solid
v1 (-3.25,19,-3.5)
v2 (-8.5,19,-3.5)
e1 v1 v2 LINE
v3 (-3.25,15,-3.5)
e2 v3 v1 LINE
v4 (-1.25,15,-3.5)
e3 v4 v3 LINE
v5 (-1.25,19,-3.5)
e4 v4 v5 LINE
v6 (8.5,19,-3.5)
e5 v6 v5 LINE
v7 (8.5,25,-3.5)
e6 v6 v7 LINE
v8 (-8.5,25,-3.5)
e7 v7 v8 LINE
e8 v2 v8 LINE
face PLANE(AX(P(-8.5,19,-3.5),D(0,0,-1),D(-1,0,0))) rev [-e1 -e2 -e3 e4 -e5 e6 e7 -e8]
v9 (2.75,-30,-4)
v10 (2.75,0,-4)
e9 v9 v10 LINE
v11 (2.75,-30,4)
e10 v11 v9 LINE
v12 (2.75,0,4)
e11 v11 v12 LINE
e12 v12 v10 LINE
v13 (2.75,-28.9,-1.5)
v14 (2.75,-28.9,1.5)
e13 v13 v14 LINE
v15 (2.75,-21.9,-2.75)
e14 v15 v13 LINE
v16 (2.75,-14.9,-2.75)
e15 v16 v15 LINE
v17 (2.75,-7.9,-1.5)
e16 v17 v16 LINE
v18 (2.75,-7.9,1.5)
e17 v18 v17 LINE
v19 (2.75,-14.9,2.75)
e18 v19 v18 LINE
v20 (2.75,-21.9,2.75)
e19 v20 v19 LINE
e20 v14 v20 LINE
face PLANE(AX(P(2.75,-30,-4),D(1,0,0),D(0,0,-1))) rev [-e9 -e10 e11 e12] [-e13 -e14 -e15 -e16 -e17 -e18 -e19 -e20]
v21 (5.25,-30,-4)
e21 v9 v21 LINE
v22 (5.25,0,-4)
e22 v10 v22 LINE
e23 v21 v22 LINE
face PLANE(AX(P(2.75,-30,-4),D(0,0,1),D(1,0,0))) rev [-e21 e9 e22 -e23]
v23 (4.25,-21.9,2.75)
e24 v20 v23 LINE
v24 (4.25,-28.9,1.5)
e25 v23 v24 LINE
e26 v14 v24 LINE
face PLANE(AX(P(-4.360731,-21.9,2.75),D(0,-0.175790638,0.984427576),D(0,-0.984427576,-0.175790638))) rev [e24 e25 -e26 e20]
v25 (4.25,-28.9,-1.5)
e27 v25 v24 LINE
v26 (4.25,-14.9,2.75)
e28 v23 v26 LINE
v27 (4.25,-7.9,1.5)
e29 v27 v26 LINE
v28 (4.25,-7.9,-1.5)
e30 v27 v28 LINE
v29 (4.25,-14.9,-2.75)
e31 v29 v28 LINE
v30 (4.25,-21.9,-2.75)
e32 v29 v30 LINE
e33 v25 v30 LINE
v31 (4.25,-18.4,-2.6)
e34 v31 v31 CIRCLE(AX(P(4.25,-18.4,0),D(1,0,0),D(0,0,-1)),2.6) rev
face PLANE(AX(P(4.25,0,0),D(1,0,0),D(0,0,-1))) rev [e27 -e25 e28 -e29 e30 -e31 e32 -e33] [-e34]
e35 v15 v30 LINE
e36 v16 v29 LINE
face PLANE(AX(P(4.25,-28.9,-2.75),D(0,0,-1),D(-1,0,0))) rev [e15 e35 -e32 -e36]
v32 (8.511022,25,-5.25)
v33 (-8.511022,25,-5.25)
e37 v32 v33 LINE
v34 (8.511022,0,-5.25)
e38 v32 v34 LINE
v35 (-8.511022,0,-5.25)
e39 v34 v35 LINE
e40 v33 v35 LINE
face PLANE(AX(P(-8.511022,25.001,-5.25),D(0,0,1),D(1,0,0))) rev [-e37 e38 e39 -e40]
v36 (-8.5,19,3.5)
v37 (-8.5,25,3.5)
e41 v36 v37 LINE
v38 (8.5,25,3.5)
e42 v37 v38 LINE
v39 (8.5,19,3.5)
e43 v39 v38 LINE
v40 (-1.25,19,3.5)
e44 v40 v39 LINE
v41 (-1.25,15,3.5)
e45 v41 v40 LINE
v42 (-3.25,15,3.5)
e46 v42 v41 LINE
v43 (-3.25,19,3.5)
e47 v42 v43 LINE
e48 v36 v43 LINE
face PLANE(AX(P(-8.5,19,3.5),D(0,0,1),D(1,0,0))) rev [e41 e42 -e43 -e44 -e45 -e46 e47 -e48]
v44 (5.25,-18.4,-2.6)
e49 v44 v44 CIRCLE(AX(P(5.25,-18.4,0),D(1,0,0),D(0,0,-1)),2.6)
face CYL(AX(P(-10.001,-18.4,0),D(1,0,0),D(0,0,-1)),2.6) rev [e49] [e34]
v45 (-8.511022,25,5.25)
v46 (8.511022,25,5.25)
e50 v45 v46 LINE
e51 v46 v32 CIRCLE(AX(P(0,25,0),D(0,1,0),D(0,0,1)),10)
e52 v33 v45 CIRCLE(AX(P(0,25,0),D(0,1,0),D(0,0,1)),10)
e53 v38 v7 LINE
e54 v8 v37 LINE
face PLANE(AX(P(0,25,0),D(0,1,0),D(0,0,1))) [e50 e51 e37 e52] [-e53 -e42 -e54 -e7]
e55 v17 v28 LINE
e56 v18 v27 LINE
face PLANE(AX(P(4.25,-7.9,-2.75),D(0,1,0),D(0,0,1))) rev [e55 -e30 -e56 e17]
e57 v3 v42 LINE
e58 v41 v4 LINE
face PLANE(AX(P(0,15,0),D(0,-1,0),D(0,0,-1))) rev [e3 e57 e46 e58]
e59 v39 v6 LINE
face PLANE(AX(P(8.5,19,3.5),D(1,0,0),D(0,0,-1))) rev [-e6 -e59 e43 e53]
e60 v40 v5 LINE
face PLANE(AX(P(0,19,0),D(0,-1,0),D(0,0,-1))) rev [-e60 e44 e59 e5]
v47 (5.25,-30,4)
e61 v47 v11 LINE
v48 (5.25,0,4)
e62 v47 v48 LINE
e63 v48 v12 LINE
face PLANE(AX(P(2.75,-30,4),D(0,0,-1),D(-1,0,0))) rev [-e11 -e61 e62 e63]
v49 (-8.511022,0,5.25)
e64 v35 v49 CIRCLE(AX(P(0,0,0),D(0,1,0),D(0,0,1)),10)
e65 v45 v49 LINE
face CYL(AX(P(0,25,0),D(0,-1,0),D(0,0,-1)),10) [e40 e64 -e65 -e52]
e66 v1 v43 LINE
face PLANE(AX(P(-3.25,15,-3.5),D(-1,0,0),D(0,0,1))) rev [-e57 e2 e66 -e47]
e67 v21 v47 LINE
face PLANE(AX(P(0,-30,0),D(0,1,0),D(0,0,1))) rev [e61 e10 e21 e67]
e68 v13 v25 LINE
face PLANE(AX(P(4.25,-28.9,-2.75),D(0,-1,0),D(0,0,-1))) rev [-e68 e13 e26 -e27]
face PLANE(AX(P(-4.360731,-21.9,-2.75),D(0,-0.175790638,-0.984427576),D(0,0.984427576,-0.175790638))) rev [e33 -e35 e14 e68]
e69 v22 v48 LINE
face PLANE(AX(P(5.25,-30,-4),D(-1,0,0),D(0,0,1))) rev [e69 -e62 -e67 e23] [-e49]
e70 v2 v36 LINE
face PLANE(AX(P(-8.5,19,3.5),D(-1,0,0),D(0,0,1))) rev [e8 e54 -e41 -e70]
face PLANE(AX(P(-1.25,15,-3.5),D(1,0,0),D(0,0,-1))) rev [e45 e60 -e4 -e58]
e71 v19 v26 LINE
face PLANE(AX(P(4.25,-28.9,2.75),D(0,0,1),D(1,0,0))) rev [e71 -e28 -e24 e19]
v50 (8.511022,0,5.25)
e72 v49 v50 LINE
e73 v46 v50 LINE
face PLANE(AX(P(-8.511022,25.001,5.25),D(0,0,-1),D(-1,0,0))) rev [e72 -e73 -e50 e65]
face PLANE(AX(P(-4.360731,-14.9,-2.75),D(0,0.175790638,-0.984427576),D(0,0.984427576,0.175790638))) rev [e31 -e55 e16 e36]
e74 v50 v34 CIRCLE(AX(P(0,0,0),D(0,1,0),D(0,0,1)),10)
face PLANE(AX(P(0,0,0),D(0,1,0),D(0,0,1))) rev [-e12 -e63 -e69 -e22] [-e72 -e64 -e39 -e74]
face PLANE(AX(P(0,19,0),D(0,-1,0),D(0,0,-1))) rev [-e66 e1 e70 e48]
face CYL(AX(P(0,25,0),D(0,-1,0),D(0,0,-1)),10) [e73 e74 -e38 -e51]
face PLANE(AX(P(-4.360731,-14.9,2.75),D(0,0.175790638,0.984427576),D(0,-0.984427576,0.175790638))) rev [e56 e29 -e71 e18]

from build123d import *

# Parameters (mm, degrees)
SKETCH3_R           = 10
BOSS_EXTRUDE1_DEPTH = 25
SKETCH4_W           = 2.5
SKETCH4_H           = 8
BOSS_EXTRUDE2_DEPTH = 30
CUT_EXTRUDE1_REACH  = 37.108
SKETCH5_R           = 2.6
SKETCH6_W           = 5.5
SKETCH6_H           = 21
CUT_EXTRUDE2_DEPTH  = 1.5
SKETCH7_W           = 17
SKETCH7_H           = 7
CUT_EXTRUDE3_DEPTH  = 6
SKETCH8_W           = 2
SKETCH8_H           = 7
CUT_EXTRUDE4_DEPTH  = 4
BOSS_EXTRUDE3_DEPTH = 1.5
CUT_EXTRUDE5_REACH  = 35.166


with BuildPart() as part:
    # Sketch3 → Boss-Extrude1 (new body)
    with BuildSketch(Plane(origin=(0, 0, 0), x_dir=(1, 0, 0), z_dir=(0, 1, 0))):
        with Locations(Location((0, 0, 0), (0, 0, 270))):
            Circle(SKETCH3_R)
    extrude(amount=BOSS_EXTRUDE1_DEPTH)

    # Sketch4 → Boss-Extrude2 (add)
    with BuildSketch(Plane(origin=(0, 0, 0), x_dir=(-1, 0, 0), z_dir=(0, -1, 0))):
        with Locations((-4, 0)):
            Rectangle(SKETCH4_W, SKETCH4_H)
    extrude(amount=BOSS_EXTRUDE2_DEPTH)

    # Sketch5 → Cut-Extrude1 (cut, up to next)
    with BuildSketch(Plane(origin=(5.25, 0, 0), x_dir=(0, 0, -1), z_dir=(1, 0, 0)), mode=Mode.PRIVATE) as cut_extrude1_sk1:
        with Locations((0, -18.4)):
            Circle(SKETCH5_R)
    cut_extrude1_tool1 = extrude(cut_extrude1_sk1.sketch, amount=-CUT_EXTRUDE1_REACH, mode=Mode.PRIVATE) & part.part
    add(cut_extrude1_tool1.solids().sort_by_distance((5.25, -18.4, 0))[0], mode=Mode.SUBTRACT)

    # Sketch6 → Cut-Extrude2 (cut)
    with BuildSketch(Plane.ZY.offset(-2.75)):
        with Locations((0, -18.4)):
            Rectangle(SKETCH6_W, SKETCH6_H)
    extrude(amount=-CUT_EXTRUDE2_DEPTH, mode=Mode.SUBTRACT)

    # Sketch7 → Cut-Extrude3 (cut)
    with BuildSketch(Plane(origin=(0, 25, 0), x_dir=(1, 0, 0), z_dir=(0, 1, 0))):
        Rectangle(SKETCH7_W, SKETCH7_H)
    extrude(amount=-CUT_EXTRUDE3_DEPTH, mode=Mode.SUBTRACT)

    # Sketch8 → Cut-Extrude4 (cut)
    with BuildSketch(Plane(origin=(0, 19, 0), x_dir=(1, 0, 0), z_dir=(0, 1, 0))):
        with Locations((-2.25, 0)):
            Rectangle(SKETCH8_W, SKETCH8_H)
    extrude(amount=-CUT_EXTRUDE4_DEPTH, mode=Mode.SUBTRACT)

    # Sketch9 → Boss-Extrude3 (add)
    with BuildSketch(Plane.ZY.offset(-4.25)):
        Polygon((-2.75, -28.9), (-2.75, -21.9), (-1.5, -28.9), align=None)
        Polygon((1.5, -28.9), (2.75, -28.9), (2.75, -21.9), align=None)
        Polygon((2.75, -7.9), (2.75, -14.9), (1.5, -7.9), align=None)
        Polygon((-1.5, -7.9), (-2.75, -7.9), (-2.75, -14.9), align=None)
    extrude(amount=BOSS_EXTRUDE3_DEPTH)

    # Sketch11 → Cut-Extrude5 (cut, up to next)
    with BuildSketch(Plane(origin=(0, 0, 0), x_dir=(-1, 0, 0), z_dir=(0, -1, 0)), mode=Mode.PRIVATE) as cut_extrude5_sk1:
        with BuildLine():
            Line((8.511022265, 5.25), (-8.511022265, 5.25))
            ThreePointArc((-8.511022265, 5.25), (0, 10), (8.511022265, 5.25))
        make_face()
    cut_extrude5_tool1 = extrude(cut_extrude5_sk1.sketch, amount=-CUT_EXTRUDE5_REACH, mode=Mode.PRIVATE) & part.part
    # Sketch11 → Cut-Extrude5 (cut, up to next)
    with BuildSketch(Plane(origin=(0, 0, 0), x_dir=(-1, 0, 0), z_dir=(0, -1, 0)), mode=Mode.PRIVATE) as cut_extrude5_sk2:
        with BuildLine():
            Line((8.511022265, -5.25), (-8.511022265, -5.25))
            ThreePointArc((-8.511022265, -5.25), (0, -10), (8.511022265, -5.25))
        make_face()
    cut_extrude5_tool2 = extrude(cut_extrude5_sk2.sketch, amount=-CUT_EXTRUDE5_REACH, mode=Mode.PRIVATE) & part.part
    add(cut_extrude5_tool1.solids().sort_by_distance((0, 0, -7.194917))[0], mode=Mode.SUBTRACT)
    add(cut_extrude5_tool2.solids().sort_by_distance((0, 0, 7.194917))[0], mode=Mode.SUBTRACT)


solid = part.part
